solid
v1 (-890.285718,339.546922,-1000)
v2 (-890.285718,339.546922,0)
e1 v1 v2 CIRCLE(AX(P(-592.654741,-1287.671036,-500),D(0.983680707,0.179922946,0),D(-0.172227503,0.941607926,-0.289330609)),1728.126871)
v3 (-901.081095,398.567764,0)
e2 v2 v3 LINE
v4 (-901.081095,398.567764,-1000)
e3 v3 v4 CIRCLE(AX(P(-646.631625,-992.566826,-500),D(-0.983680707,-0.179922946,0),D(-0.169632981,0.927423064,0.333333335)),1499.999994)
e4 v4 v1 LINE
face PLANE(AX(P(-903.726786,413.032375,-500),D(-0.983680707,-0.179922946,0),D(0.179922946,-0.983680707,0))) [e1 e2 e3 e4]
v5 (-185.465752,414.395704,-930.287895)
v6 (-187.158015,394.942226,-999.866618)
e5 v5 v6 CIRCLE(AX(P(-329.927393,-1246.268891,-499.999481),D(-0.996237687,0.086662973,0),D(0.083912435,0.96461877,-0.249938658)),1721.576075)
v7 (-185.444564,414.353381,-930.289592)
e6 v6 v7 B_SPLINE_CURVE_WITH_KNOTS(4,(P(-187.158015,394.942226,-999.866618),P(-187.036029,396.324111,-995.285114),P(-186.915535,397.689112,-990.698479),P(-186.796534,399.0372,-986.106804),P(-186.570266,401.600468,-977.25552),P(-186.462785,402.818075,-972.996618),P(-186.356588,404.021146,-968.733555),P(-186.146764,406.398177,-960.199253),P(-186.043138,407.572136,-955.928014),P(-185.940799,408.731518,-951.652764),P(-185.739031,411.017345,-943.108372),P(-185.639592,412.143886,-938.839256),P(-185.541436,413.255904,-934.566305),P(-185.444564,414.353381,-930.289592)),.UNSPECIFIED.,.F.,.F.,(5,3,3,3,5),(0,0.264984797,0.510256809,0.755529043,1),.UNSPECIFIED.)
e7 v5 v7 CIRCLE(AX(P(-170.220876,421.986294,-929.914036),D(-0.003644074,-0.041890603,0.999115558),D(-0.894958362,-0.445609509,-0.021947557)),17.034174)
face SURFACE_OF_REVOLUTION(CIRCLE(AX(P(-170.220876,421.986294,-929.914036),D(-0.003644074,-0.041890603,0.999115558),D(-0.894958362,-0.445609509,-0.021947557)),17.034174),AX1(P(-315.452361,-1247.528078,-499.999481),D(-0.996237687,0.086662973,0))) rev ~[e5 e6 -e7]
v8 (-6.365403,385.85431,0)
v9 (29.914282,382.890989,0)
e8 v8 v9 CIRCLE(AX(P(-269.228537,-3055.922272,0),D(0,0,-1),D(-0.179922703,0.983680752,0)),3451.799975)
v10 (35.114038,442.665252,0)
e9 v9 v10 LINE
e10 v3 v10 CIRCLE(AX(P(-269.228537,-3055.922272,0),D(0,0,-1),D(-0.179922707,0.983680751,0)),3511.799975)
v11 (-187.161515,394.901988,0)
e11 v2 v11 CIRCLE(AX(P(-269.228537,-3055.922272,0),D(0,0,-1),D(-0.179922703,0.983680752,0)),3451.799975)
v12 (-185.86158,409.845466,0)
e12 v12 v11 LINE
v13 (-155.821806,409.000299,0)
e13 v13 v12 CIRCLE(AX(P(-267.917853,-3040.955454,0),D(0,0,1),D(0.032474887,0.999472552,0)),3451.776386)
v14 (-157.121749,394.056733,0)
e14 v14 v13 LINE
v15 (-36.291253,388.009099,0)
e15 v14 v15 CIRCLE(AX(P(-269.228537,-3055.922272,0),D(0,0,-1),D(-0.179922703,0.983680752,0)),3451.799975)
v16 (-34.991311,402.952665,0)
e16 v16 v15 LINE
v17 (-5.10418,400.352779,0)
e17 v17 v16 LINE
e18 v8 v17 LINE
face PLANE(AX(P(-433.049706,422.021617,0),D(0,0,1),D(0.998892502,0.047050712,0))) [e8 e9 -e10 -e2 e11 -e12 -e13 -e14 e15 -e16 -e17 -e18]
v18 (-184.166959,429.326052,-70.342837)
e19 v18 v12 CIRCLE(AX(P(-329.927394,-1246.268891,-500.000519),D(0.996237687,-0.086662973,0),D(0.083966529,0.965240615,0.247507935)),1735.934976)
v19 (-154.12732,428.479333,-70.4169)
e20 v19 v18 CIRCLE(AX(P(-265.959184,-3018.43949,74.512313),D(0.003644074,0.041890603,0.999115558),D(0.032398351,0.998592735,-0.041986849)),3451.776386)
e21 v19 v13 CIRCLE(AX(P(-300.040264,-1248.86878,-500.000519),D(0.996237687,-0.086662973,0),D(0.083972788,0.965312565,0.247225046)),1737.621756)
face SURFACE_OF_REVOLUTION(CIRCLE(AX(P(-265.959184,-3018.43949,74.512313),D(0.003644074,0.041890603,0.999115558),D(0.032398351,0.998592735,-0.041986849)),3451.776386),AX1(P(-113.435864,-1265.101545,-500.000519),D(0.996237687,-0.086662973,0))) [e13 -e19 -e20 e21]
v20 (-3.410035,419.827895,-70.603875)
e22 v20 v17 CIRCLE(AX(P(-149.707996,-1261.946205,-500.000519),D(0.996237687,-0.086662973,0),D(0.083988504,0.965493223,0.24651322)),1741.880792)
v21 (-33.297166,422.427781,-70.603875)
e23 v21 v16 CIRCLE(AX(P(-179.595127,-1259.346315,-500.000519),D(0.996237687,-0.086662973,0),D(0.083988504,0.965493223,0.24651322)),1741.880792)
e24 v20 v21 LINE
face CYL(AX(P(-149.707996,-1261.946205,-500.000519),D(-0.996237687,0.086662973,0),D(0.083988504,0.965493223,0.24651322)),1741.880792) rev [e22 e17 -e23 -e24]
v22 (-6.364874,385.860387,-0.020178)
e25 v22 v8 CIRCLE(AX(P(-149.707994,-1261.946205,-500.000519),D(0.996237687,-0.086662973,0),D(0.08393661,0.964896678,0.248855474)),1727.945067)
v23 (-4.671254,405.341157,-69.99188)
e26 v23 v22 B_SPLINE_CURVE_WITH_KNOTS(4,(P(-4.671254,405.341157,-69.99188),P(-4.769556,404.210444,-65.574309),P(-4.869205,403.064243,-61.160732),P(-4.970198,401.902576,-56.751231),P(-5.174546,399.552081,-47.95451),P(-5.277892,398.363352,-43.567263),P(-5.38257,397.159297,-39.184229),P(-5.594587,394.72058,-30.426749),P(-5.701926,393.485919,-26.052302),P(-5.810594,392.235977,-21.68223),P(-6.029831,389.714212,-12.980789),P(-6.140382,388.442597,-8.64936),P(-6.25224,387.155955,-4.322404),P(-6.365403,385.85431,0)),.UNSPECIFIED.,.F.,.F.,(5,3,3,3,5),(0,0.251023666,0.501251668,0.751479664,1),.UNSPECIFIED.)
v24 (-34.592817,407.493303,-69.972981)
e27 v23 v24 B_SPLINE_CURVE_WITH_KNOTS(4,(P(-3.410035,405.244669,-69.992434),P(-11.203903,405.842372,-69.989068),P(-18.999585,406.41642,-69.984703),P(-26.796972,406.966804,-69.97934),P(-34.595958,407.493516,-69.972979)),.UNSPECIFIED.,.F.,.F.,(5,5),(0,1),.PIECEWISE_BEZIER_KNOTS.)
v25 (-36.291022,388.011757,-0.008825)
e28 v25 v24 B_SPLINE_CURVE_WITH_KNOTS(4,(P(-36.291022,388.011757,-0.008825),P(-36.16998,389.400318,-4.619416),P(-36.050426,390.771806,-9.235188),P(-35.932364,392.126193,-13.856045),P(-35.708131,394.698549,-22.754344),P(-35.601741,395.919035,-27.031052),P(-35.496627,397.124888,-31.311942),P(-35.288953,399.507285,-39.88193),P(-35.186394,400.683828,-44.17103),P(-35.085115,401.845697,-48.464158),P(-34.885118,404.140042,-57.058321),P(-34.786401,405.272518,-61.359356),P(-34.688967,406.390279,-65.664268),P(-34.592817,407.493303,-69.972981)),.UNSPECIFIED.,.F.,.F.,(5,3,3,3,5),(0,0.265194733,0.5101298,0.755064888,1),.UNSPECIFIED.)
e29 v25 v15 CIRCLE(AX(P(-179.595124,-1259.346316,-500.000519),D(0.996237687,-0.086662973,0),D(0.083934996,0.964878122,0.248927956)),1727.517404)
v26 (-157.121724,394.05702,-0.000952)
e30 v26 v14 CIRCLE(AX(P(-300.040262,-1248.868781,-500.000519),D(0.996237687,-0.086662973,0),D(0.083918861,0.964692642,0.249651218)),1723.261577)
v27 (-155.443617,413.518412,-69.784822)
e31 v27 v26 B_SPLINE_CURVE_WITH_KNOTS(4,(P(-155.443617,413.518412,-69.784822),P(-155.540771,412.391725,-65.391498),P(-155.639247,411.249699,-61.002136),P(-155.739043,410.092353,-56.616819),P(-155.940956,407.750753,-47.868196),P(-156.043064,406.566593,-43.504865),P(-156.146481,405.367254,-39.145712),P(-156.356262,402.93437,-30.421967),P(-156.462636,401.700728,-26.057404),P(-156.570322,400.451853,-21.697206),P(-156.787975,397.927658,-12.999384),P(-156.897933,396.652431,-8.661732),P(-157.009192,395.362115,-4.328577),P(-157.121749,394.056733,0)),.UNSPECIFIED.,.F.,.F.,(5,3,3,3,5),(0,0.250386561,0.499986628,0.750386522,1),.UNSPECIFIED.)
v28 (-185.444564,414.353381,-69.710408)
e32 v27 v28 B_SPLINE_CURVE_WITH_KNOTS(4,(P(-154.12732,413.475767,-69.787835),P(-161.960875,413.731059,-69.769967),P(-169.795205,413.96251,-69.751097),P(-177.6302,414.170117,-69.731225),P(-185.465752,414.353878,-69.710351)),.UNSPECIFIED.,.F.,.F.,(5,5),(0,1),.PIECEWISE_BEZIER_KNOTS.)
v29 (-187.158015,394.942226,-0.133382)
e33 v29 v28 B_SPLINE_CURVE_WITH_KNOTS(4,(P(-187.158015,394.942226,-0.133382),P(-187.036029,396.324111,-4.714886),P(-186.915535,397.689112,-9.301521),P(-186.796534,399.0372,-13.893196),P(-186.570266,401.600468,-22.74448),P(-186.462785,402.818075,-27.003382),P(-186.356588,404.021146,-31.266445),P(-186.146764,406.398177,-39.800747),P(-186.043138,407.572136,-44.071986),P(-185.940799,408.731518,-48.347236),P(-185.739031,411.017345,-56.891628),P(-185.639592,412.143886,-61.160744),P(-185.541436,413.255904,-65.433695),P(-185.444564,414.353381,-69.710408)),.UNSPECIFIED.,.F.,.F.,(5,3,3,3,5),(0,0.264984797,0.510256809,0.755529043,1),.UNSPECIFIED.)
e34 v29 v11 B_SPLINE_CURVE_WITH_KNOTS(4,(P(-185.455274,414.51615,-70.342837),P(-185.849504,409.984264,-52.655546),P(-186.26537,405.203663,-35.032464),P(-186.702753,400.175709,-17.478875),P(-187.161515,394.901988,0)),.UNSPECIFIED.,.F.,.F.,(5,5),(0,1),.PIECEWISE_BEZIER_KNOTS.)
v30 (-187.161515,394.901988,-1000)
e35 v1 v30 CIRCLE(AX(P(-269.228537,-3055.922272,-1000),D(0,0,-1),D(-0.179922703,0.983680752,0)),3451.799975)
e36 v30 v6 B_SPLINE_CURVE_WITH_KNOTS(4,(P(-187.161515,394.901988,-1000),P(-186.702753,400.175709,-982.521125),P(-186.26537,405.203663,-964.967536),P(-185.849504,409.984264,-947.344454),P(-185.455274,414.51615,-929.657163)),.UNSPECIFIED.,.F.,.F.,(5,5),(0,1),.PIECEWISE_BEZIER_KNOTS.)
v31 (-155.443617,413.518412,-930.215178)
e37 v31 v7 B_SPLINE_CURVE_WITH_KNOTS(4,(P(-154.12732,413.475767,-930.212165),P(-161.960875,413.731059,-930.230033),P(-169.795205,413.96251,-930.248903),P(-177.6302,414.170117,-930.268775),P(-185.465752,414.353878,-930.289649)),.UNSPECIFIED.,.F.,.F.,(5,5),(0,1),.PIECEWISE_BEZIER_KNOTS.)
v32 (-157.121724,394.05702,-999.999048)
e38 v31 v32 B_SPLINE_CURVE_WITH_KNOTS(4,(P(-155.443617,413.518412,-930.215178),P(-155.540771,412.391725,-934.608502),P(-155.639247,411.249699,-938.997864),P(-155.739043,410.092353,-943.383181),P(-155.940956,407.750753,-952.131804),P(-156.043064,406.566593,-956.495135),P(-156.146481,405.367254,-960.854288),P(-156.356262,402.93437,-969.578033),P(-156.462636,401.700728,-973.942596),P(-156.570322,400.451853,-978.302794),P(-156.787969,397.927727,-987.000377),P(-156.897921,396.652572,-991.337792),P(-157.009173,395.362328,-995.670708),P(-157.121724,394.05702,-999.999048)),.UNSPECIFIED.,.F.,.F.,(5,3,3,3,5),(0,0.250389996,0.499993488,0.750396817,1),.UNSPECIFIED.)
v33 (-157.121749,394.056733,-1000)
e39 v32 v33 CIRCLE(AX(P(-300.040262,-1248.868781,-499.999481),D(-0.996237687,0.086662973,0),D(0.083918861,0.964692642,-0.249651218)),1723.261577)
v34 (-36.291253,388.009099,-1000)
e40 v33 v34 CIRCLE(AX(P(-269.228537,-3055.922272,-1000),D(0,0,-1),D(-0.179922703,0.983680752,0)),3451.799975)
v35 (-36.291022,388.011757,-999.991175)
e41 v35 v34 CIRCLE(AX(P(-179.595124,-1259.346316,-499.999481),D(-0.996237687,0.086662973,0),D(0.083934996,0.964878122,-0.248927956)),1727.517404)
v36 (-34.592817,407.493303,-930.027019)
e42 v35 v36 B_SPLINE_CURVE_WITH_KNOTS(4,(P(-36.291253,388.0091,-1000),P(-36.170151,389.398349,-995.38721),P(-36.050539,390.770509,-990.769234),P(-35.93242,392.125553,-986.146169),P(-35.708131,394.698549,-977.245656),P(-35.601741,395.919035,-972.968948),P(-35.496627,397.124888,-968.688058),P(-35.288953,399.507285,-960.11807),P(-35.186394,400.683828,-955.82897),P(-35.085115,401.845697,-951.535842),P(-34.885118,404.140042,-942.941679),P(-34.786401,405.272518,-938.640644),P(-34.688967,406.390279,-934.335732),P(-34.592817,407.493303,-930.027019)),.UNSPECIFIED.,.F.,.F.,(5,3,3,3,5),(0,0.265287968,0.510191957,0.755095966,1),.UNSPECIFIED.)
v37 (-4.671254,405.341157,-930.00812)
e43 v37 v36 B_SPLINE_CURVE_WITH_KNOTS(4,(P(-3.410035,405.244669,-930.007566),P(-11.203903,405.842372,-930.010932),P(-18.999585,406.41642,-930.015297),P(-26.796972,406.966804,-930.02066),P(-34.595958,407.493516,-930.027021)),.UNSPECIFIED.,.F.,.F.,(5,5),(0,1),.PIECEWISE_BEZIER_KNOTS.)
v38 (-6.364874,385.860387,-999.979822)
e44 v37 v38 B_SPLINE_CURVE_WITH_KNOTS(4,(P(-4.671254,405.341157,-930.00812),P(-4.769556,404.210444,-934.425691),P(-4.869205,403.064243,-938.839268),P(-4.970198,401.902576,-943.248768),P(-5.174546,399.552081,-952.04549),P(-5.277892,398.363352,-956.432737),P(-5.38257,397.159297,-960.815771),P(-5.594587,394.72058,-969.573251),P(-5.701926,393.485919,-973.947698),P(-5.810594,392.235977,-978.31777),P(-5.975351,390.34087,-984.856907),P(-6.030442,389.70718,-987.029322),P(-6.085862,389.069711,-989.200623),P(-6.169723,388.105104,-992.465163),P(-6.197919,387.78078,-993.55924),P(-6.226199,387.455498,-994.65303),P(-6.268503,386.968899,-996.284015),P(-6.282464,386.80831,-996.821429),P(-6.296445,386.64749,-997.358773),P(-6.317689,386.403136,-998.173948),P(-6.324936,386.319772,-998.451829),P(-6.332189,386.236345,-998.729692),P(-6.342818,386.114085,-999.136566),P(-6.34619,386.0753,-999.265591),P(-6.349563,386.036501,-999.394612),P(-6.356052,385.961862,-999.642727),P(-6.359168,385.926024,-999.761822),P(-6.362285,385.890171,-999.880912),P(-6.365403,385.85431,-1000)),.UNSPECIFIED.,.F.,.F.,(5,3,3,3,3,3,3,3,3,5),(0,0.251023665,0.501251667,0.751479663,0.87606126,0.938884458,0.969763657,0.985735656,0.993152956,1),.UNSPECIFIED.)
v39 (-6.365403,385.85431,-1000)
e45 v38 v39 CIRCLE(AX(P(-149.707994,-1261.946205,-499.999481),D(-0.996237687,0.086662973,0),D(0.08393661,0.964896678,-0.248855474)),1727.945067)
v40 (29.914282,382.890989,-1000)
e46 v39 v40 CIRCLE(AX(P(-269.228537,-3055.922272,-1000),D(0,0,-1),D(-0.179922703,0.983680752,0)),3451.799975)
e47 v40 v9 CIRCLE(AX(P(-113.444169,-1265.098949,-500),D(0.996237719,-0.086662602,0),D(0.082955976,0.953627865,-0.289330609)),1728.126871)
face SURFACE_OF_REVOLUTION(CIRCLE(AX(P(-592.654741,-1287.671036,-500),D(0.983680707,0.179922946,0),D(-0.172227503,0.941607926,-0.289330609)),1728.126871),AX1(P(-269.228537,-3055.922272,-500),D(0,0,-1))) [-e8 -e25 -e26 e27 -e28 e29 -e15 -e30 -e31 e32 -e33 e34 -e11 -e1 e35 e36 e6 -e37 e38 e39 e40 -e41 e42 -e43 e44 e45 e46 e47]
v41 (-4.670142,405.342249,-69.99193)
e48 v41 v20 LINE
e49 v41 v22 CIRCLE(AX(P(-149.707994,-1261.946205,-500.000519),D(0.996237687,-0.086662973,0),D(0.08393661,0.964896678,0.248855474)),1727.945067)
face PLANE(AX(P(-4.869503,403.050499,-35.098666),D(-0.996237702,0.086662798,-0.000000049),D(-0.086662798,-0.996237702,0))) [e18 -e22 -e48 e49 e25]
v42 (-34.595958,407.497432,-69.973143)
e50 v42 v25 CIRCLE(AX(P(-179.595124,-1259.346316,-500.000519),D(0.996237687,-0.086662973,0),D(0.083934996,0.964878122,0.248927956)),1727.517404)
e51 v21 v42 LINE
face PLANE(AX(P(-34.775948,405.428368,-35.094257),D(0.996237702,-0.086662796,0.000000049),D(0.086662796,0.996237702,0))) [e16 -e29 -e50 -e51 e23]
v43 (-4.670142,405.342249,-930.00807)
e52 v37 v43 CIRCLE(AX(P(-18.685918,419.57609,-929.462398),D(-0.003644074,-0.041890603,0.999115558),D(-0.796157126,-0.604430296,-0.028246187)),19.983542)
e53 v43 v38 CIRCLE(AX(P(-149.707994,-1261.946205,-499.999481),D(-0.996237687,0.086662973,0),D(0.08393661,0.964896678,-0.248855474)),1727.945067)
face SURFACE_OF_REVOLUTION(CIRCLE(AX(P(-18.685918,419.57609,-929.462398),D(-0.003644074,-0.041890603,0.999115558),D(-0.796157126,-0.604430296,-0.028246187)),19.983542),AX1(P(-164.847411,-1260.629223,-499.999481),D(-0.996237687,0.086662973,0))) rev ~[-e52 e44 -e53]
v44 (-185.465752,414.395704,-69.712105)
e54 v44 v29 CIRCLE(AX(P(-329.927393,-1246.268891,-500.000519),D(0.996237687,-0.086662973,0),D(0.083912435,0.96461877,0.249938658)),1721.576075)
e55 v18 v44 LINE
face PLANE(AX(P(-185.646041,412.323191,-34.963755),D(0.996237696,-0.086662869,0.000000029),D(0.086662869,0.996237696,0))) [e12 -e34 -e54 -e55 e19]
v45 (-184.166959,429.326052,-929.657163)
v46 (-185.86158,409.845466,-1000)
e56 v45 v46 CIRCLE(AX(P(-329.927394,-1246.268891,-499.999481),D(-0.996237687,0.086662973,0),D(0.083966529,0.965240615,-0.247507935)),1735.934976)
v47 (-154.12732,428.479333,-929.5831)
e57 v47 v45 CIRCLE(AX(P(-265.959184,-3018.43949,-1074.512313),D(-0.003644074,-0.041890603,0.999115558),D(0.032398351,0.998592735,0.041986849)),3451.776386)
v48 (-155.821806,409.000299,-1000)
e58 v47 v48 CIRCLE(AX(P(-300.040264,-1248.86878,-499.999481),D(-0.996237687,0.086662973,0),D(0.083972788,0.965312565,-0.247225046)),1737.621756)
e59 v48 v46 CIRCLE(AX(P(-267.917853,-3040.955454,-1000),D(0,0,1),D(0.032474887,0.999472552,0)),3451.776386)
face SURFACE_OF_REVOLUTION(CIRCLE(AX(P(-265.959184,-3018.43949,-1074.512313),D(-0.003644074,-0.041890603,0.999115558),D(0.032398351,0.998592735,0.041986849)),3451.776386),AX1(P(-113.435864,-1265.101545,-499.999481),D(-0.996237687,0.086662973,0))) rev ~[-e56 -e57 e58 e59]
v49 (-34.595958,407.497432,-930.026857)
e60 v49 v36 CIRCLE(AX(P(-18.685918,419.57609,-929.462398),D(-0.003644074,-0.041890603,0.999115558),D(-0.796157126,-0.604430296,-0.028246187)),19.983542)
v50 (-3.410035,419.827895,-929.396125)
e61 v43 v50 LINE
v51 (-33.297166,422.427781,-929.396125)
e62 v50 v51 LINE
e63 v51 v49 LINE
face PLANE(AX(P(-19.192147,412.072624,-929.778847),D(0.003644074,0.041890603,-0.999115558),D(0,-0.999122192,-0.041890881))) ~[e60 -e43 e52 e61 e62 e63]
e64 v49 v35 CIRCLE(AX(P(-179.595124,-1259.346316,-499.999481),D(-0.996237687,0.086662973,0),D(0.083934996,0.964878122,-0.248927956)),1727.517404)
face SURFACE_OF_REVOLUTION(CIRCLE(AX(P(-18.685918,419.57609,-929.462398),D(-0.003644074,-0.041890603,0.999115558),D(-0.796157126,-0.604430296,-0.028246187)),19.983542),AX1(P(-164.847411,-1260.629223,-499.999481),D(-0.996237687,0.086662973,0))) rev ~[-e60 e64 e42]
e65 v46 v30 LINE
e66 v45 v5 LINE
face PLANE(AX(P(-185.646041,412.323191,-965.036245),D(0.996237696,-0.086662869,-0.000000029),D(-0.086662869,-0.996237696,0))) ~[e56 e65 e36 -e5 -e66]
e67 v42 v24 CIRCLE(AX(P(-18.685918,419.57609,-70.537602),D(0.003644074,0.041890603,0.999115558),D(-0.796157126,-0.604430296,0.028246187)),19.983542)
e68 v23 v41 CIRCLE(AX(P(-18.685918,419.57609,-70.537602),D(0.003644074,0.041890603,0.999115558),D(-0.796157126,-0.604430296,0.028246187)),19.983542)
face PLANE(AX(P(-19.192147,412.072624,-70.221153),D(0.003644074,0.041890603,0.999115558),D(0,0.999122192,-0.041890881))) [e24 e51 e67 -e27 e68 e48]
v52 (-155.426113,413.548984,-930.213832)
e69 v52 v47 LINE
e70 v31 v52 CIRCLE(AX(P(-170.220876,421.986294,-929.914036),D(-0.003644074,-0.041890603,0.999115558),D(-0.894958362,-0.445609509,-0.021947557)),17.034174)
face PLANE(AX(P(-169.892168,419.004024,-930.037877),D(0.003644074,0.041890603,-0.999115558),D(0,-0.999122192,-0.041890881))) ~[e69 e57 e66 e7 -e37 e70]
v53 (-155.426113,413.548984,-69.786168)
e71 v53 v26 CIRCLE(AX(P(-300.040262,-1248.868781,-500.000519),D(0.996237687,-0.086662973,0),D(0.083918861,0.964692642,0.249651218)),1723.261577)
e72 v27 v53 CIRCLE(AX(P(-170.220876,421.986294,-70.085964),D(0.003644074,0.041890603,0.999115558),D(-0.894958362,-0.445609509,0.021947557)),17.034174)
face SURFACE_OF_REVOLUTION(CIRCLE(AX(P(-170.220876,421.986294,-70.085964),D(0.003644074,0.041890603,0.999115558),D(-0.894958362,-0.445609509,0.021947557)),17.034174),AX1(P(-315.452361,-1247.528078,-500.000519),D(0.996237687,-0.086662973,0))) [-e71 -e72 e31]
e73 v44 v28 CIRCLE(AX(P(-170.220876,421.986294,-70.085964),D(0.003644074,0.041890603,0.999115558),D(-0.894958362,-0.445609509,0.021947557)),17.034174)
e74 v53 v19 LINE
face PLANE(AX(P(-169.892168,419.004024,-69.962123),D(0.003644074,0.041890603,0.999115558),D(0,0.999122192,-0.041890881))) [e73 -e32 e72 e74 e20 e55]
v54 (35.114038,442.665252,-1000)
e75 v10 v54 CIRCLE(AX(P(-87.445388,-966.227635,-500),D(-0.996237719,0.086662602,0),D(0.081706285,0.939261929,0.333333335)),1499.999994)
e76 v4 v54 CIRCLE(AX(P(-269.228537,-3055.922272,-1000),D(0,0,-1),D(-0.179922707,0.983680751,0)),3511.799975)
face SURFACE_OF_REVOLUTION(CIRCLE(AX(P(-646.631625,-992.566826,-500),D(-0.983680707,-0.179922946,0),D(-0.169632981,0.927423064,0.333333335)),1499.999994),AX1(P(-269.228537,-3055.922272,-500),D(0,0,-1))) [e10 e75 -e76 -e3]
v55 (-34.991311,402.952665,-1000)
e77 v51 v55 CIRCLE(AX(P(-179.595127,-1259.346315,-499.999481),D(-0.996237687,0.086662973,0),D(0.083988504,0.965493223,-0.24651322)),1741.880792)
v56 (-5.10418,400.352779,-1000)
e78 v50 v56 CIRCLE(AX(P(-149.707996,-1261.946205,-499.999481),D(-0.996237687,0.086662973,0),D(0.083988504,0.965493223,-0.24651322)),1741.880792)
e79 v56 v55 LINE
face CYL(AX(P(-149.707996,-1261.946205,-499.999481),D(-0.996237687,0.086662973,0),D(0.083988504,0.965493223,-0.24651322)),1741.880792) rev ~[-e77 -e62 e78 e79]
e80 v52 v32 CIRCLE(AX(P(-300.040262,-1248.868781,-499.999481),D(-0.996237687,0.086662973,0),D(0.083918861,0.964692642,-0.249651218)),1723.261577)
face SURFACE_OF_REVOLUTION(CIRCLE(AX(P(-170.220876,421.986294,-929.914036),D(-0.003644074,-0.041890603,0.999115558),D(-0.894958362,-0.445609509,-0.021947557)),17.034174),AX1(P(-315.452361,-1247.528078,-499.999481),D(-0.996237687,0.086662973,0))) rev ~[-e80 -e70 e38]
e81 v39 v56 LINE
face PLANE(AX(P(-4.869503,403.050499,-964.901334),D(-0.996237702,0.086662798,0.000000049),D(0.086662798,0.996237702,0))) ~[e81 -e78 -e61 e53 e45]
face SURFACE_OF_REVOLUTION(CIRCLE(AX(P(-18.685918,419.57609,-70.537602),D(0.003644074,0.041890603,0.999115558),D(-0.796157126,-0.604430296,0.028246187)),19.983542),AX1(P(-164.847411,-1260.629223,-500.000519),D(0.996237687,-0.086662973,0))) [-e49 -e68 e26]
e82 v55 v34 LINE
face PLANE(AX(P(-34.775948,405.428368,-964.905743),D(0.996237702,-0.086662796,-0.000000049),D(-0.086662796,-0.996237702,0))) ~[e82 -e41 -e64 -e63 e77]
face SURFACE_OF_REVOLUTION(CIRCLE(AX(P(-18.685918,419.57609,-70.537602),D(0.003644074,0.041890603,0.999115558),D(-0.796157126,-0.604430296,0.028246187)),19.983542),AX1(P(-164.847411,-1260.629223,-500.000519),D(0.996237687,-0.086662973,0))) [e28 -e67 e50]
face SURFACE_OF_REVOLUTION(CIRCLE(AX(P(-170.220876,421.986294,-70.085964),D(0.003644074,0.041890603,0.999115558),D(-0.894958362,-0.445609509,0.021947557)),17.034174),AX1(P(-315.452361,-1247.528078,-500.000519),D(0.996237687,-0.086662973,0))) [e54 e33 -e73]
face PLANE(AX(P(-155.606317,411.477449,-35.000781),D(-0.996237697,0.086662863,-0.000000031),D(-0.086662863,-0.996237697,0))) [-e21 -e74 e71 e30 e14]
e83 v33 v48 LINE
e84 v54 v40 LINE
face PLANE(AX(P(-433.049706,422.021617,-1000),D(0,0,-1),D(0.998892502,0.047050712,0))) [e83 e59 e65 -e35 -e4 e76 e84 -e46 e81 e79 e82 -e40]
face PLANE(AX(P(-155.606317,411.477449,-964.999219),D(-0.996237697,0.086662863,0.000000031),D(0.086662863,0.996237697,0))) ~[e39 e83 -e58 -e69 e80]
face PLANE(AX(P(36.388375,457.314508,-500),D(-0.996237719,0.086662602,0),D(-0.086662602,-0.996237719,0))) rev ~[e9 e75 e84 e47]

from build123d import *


with BuildPart() as part:
    # Sweep1: sweep along a path in Sketch1
    with BuildLine(Plane.XY) as sweep1_path:
        ThreePointArc((-890.285718, 339.546922), (-431.638177, 392.054842), (29.914282, 382.890989))
    # Sketch3 → Sweep1 (sweep)
    with BuildSketch(Plane(origin=(-890.285718, 339.546922, 0), x_dir=(0, 0, 1), z_dir=(-0.983681, -0.179923, 0))):
        with BuildLine():
            Line((0, 0), (0, 60))
            ThreePointArc((0, 60), (-500, 145.786438), (-1000, 60))
            Line((-1000, 60), (-1000, 0))
            ThreePointArc((-1000, 0), (-500, 73.913317), (0, 0))
        make_face()
    sweep(path=sweep1_path.line)

    # Cut-Sweep1: sweep along a path in Sketch19
    with BuildLine(Plane(origin=(-205.375388, 17.865632, 0), x_dir=(0, 0, -1), z_dir=(0.996238, -0.086663, 0))) as cut_sweep1_path:
        ThreePointArc((70, 403.60426), (34.897149, 394.191626), (0, 384.042894))
    # Sketch4 → Cut-Sweep1 (sweep, cut)
    with BuildSketch(Plane.XY):
        with BuildLine():
            Line((-185.86158, 409.845466), (-187.161523, 394.901901))
            ThreePointArc((-187.161523, 394.901901), (-172.395032, 385.472889), (-157.121749, 394.056733))
            Line((-157.121749, 394.056733), (-155.821806, 409.000299))
            ThreePointArc((-155.821806, 409.000299), (-170.840774, 409.455574), (-185.86158, 409.845466))
        make_face()
    cut_sweep1 = sweep(path=cut_sweep1_path.line, mode=Mode.SUBTRACT)

    # Cut-Sweep6: sweep along a path in Sketch24
    with BuildLine(Plane(origin=(-54.770437, 4.764487, 0), x_dir=(0, 0, -1), z_dir=(0.996238, -0.086663, 0))) as cut_sweep6_path:
        ThreePointArc((70, 403.60426), (34.897149, 394.191626), (0, 384.042894))
    # Sketch22 → Cut-Sweep6 (sweep, cut)
    with BuildSketch(Plane.XY):
        with BuildLine():
            Line((-6.365403, 385.85431), (-5.10418, 400.352779))
            Line((-5.10418, 400.352779), (-34.991311, 402.952665))
            Line((-34.991311, 402.952665), (-36.291253, 388.009099))
            ThreePointArc((-36.291253, 388.009099), (-21.81537, 380.167646), (-6.365403, 385.85431))
        make_face()
    cut_sweep6 = sweep(path=cut_sweep6_path.line, mode=Mode.SUBTRACT)

    # Mirror1: Cut-Sweep1, Cut-Sweep6 across plane
    add(cut_sweep1.mirror(Plane.XY.offset(-500)), mode=Mode.SUBTRACT)
    add(cut_sweep6.mirror(Plane.XY.offset(-500)), mode=Mode.SUBTRACT)


solid = part.part
